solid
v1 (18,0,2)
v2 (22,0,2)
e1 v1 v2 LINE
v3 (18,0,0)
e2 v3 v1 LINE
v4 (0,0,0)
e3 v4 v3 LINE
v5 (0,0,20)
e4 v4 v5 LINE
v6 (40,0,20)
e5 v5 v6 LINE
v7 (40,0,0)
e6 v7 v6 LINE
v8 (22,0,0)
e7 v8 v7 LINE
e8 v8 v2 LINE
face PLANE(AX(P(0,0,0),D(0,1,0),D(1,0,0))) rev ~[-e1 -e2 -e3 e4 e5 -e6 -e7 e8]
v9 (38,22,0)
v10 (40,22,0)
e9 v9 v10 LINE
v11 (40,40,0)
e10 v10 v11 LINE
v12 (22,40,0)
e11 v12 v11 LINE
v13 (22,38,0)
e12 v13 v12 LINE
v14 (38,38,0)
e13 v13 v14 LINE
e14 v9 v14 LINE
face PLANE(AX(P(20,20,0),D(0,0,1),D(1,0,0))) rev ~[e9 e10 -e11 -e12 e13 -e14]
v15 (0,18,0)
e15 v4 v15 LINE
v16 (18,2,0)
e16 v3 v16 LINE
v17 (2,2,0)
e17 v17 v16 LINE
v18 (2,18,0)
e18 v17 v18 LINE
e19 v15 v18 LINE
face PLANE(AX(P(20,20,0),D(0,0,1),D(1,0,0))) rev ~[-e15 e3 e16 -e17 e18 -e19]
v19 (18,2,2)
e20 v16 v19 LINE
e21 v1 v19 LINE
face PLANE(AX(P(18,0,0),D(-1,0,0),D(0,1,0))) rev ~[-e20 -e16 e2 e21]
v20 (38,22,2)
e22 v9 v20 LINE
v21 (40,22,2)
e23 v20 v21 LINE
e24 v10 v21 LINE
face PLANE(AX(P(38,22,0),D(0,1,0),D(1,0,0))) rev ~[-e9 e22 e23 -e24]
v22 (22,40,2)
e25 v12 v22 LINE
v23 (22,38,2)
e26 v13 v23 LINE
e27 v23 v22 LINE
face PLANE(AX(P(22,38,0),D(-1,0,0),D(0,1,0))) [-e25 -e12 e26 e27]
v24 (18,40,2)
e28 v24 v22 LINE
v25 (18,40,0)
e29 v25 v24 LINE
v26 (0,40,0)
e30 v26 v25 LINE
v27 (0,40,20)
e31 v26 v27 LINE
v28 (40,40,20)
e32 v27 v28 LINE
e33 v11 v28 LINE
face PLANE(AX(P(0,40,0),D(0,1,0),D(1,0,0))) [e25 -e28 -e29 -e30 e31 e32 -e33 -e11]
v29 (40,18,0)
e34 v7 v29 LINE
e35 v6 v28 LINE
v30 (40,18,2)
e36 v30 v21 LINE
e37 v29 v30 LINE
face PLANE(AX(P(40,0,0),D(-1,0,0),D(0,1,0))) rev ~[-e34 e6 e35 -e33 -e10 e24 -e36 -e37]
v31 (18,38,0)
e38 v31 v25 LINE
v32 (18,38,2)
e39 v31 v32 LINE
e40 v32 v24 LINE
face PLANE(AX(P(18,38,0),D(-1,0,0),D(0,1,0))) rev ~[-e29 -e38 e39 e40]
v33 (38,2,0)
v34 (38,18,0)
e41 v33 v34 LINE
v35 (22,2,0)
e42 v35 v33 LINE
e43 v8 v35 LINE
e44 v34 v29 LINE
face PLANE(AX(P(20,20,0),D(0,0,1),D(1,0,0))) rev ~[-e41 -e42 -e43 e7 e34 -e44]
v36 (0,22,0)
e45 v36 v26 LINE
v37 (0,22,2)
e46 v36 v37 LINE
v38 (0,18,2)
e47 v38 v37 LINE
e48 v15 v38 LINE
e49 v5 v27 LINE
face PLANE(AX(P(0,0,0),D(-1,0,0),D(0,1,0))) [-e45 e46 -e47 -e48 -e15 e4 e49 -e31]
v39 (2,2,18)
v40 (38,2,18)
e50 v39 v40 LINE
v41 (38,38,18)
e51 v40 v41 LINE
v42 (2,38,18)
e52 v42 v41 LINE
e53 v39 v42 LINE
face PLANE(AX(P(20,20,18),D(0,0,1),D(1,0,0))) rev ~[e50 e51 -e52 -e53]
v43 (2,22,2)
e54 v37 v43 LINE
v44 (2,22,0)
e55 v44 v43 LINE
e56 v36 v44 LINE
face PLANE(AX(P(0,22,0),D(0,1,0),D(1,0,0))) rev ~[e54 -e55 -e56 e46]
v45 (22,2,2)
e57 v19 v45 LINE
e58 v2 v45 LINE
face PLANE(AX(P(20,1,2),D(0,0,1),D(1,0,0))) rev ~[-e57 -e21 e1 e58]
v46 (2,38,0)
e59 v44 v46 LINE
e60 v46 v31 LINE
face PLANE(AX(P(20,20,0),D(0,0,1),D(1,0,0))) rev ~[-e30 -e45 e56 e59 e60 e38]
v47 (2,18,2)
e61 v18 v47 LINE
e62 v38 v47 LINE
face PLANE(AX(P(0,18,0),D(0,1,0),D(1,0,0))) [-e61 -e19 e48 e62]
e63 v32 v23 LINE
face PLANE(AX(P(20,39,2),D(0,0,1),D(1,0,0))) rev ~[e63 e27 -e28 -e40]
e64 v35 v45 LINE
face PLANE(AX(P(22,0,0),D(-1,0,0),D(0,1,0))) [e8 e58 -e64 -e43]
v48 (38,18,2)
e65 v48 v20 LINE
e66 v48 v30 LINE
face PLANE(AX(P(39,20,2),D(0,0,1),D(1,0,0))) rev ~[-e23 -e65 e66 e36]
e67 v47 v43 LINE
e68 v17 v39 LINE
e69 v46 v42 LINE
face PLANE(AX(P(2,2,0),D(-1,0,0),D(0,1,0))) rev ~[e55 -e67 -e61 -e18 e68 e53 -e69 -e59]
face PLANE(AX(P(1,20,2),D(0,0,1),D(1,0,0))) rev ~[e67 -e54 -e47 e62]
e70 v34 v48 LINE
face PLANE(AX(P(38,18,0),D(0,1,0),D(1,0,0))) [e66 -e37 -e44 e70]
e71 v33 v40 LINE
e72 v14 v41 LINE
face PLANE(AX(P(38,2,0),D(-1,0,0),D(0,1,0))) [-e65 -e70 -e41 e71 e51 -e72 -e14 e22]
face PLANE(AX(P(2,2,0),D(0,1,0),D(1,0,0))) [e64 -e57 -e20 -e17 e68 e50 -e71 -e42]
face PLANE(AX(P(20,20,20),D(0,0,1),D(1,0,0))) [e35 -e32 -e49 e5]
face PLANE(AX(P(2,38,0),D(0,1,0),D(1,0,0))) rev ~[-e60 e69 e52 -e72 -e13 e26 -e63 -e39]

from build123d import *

# Parameters (mm, degrees)
BOX005_W     = 4
BOX005_H     = 2
BOX005_DEPTH = 2
BOX004_W     = 2
BOX004_H     = 4
BOX004_DEPTH = 2
BOX003_W     = 4
BOX003_H     = 2
BOX003_DEPTH = 2
BOX002_W     = 2
BOX002_H     = 4
BOX002_DEPTH = 2
BOX001_W     = 36
BOX001_H     = 36
BOX001_DEPTH = 18
BOX_W        = 40
BOX_H        = 40
BOX_DEPTH    = 20


with BuildPart() as cubo005:
    # Box005 → Box005 (new body)
    with BuildSketch(Plane(origin=(18, 38, 0), x_dir=(1, 0, 0), z_dir=(0, 0, 1))):
        with Locations((2, 1)):
            Rectangle(BOX005_W, BOX005_H)
    extrude(amount=BOX005_DEPTH)


with BuildPart() as cubo004:
    # Box004 → Box004 (new body)
    with BuildSketch(Plane(origin=(38, 18, 0), x_dir=(1, 0, 0), z_dir=(0, 0, 1))):
        with Locations((1, 2)):
            Rectangle(BOX004_W, BOX004_H)
    extrude(amount=BOX004_DEPTH)


with BuildPart() as cubo003:
    # Box003 → Box003 (new body)
    with BuildSketch(Plane(origin=(18, 0, 0), x_dir=(1, 0, 0), z_dir=(0, 0, 1))):
        with Locations((2, 1)):
            Rectangle(BOX003_W, BOX003_H)
    extrude(amount=BOX003_DEPTH)


with BuildPart() as cubo002:
    # Box002 → Box002 (new body)
    with BuildSketch(Plane(origin=(0, 18, 0), x_dir=(1, 0, 0), z_dir=(0, 0, 1))):
        with Locations((1, 2)):
            Rectangle(BOX002_W, BOX002_H)
    extrude(amount=BOX002_DEPTH)


with BuildPart() as cubo001:
    # Box001 → Box001 (new body)
    with BuildSketch(Plane(origin=(2, 2, 0), x_dir=(1, 0, 0), z_dir=(0, 0, 1))):
        with Locations((18, 18)):
            Rectangle(BOX001_W, BOX001_H)
    extrude(amount=BOX001_DEPTH)


with BuildPart() as cut004:
    # Box → Box (new body)
    with BuildSketch(Plane.XY):
        with Locations((20, 20)):
            Rectangle(BOX_W, BOX_H)
    extrude(amount=BOX_DEPTH)

    # Cut: cut Cubo001
    add(cubo001.part, mode=Mode.SUBTRACT)

    # Cut001: cut Cubo002
    add(cubo002.part, mode=Mode.SUBTRACT)

    # Cut002: cut Cubo003
    add(cubo003.part, mode=Mode.SUBTRACT)

    # Cut003: cut Cubo004
    add(cubo004.part, mode=Mode.SUBTRACT)

    # Cut004: cut Cubo005
    add(cubo005.part, mode=Mode.SUBTRACT)


solid = cut004.part
